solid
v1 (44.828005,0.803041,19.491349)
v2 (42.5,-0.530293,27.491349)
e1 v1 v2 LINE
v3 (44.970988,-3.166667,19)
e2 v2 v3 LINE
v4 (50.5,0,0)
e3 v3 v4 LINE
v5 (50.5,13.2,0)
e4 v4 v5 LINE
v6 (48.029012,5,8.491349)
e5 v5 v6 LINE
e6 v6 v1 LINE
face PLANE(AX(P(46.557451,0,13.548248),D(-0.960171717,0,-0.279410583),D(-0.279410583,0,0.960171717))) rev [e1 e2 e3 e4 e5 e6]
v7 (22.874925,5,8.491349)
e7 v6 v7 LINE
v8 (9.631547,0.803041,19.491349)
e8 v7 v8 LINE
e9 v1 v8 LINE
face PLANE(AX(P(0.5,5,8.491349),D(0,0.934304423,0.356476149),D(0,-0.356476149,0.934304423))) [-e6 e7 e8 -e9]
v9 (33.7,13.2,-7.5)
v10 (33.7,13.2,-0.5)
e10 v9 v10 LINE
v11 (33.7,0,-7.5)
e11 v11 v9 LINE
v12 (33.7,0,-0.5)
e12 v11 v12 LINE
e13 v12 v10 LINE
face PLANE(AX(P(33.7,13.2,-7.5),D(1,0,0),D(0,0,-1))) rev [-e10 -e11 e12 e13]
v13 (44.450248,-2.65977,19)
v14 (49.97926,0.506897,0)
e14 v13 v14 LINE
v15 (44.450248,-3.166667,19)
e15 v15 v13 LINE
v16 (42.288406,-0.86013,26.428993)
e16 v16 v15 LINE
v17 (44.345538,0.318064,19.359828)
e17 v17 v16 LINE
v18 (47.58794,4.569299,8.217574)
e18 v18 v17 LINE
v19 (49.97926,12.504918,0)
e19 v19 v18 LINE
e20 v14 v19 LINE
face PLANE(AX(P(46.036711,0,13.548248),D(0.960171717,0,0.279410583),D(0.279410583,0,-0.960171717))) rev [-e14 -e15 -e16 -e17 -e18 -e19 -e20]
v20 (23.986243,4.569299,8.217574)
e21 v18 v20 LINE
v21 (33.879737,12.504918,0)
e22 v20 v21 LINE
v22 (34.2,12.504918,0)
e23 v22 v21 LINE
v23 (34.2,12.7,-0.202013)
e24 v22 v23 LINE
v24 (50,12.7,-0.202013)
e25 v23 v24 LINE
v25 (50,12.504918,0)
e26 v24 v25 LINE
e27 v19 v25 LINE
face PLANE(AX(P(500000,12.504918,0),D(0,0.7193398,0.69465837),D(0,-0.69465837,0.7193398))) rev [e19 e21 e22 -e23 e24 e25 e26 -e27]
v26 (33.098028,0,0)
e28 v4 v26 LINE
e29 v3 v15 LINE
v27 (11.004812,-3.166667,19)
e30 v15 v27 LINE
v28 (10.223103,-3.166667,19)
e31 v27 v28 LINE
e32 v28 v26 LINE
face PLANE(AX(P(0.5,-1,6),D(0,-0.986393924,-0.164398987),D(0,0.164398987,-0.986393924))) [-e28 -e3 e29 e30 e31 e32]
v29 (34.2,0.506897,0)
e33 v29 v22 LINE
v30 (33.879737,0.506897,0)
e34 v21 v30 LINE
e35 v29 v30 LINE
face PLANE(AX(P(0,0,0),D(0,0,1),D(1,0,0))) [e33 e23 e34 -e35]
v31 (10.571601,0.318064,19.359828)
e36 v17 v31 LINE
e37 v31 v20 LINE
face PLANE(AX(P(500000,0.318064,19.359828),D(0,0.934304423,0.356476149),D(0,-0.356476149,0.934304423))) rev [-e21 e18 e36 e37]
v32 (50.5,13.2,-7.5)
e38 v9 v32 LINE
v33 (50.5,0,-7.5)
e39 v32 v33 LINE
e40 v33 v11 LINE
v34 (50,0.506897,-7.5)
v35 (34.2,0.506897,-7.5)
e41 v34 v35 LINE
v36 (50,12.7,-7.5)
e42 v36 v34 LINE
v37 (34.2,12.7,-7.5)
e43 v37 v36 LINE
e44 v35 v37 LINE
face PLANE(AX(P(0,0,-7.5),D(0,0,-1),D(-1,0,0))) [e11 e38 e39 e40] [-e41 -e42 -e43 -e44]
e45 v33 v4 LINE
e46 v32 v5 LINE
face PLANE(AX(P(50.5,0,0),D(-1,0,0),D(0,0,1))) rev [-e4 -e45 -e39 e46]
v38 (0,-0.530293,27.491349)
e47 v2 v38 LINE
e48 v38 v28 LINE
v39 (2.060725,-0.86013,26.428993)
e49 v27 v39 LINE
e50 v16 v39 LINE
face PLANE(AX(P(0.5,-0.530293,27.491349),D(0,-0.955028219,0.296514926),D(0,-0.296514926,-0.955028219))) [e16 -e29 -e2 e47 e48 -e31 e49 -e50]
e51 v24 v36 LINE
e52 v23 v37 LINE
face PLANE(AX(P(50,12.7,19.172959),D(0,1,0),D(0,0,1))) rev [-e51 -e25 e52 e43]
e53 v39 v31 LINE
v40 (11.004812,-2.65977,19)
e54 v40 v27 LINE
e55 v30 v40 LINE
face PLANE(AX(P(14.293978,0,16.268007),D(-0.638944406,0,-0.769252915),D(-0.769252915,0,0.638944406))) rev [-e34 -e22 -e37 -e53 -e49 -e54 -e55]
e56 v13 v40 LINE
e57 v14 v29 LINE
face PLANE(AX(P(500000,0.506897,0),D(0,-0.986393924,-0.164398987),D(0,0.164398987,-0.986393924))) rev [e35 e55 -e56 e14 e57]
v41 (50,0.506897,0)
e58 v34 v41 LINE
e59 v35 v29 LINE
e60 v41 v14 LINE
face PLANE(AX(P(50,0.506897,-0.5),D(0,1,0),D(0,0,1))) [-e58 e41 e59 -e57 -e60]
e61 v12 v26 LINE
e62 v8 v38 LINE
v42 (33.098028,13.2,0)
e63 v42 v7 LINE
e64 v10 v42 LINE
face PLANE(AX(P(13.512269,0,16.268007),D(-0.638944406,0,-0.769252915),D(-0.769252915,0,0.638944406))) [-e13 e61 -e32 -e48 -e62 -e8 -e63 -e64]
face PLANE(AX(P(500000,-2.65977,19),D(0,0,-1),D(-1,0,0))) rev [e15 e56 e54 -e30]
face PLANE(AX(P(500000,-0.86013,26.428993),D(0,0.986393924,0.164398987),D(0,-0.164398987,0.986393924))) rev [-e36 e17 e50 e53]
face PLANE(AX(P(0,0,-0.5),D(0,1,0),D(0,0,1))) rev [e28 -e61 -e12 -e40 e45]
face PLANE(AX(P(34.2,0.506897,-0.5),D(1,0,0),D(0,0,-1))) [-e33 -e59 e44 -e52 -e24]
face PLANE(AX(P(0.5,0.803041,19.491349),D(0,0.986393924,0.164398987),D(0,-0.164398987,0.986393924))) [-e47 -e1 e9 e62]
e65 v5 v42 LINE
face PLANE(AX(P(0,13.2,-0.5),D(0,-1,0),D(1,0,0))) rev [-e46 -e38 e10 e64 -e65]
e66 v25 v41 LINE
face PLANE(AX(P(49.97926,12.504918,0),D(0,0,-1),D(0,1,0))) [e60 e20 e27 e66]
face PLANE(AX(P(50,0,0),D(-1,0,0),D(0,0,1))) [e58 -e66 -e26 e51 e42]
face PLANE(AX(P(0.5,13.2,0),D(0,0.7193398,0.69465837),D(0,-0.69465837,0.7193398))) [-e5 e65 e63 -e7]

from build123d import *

# Parameters (mm, degrees)
SIDE_BASE_DEPTH                    = 0.5
SIDE_BASE_2_COUNT                  = 2
SIDE_BASE_2_PITCH                  = 50
FRONT_BACK_WALLS_REACH             = 60.566
BASE_SKETCH_W                      = 50.5
BASE_SKETCH_H                      = 13.2
BASE_SKETCH_W_2                    = 15.8
BASE_SKETCH_H_2                    = 11.998021326
BASE_DEPTH                         = 0.5
ATTACHMENT_BASE_SKETCH_W           = 16.8
ATTACHMENT_BASE_SKETCH_H           = 13.2
ATTACHMENT_BASE_SKETCH_W_2         = 15.8
ATTACHMENT_BASE_SKETCH_H_2         = 11.998021326
ATTACHMENT_BASE_DEPTH              = 7
PIPE_TOP_EXTRA_CUTAWAY_REACH       = 64.84
SKETCH11_W                         = 15.8
SKETCH11_H                         = 0.195081796
SKETCH1_W                          = 15.8
SKETCH1_H                          = 12.193103122
FAN_BASE_DEPTH                     = 0.1
LEFT_RIGHT_WALL_REMOVAL_DEPTH      = 59.566323483
LEFT_RIGHT_WALL_REMOVAL_DEPTH_BACK = 59.566323483
SKETCH6_W                          = 28.631700026
SKETCH6_H                          = 16.366666667
CUTAWAY_LEFT_DEPTH                 = 53.811785181
LEFT_WALL_DEPTH                    = 0.520740187
SKETCH9_W                          = 43.808738797
SKETCH9_H                          = 16.366666667
CUTAWAY_RIGHT_DEPTH                = 46.956653807
RIGHT_WALL_DEPTH                   = 0.781709206


with BuildPart() as part:
    # Side base sketch → Side base (new body)
    with BuildSketch(Plane.ZY):
        Polygon((0, 13.2), (8.491348573, 5), (19.491348573, 0.8030407), (27.491348573, -0.530292633), (19, -3.166666667), (6, -1), (0, 0), align=None)
    extrude(amount=-SIDE_BASE_DEPTH)


with BuildPart() as side_base_2_1:
    # Side base 2: pattern copy
    add(part.part.moved(Location(Vector(1, 0, 0) * (1 * SIDE_BASE_2_PITCH))))

    # Wall base sketch → Front back walls (add, up to next)
    with BuildSketch(Plane(origin=(0.5, 0, 0), x_dir=(0, 0, -1), z_dir=(1, 0, 0)), mode=Mode.PRIVATE) as front_back_walls_sk1:
        Polygon((0, 12.504918204), (-8.217574488, 4.569298766), (-19.359827502, 0.318064001), (-26.428993119, -0.860130268), (-27.491348573, -0.530292633), (-19.491348573, 0.8030407), (-8.491348573, 5), (0, 13.2), align=None)
    front_back_walls_tool1 = extrude(front_back_walls_sk1.sketch, amount=FRONT_BACK_WALLS_REACH, mode=Mode.PRIVATE) - side_base_2_1.part
    # Wall base sketch → Front back walls (add, up to next)
    with BuildSketch(Plane(origin=(0.5, 0, 0), x_dir=(0, 0, -1), z_dir=(1, 0, 0)), mode=Mode.PRIVATE) as front_back_walls_sk2:
        Polygon((0, 0.506896878), (-19, -2.659769789), (-19, -3.166666667), (0, 0), align=None)
    front_back_walls_tool2 = extrude(front_back_walls_sk2.sketch, amount=FRONT_BACK_WALLS_REACH, mode=Mode.PRIVATE) - side_base_2_1.part

    add(part.part)  # Front back walls merges part
    add(front_back_walls_tool1.solids().sort_by_distance((0.5, 8.759227, 4.323285))[0])
    add(front_back_walls_tool2.solids().sort_by_distance((0.5, -1.329885, 9.5))[0])

    # Base sketch → Base (add)
    with BuildSketch(Plane(origin=(0, 0, 0), x_dir=(-1, 0, 0), z_dir=(0, 0, -1))):
        with Locations((-25.25, 6.6)):
            Rectangle(BASE_SKETCH_W, BASE_SKETCH_H)
        with Locations((-42.1, 6.505907541)):
            Rectangle(BASE_SKETCH_W_2, BASE_SKETCH_H_2, mode=Mode.SUBTRACT)
    extrude(amount=BASE_DEPTH)

    # Attachment base sketch → Attachment base (add)
    with BuildSketch(Plane(origin=(0, 0, -0.5), x_dir=(-1, 0, 0), z_dir=(0, 0, -1))):
        with Locations((-42.1, 6.6)):
            Rectangle(ATTACHMENT_BASE_SKETCH_W, ATTACHMENT_BASE_SKETCH_H)
        with Locations((-42.1, 6.505907541)):
            Rectangle(ATTACHMENT_BASE_SKETCH_W_2, ATTACHMENT_BASE_SKETCH_H_2, mode=Mode.SUBTRACT)
    extrude(amount=ATTACHMENT_BASE_DEPTH)

    # Pipe top extra cutaway: up to this plane
    pipe_top_extra_cutaway_end = Plane(origin=(500000, 12.504918204, 0), z_dir=(0, 0.7193398003386524, 0.694658370458996))
    # Sketch11 → Pipe top extra cutaway (cut, up to the surface)
    with BuildSketch(Plane(origin=(0, 0, -7.5), x_dir=(-1, 0, 0), z_dir=(0, 0, -1)), mode=Mode.PRIVATE) as pipe_top_extra_cutaway_sk1:
        with Locations((-42.1, 12.602459102)):
            Rectangle(SKETCH11_W, SKETCH11_H)
    pipe_top_extra_cutaway_tool1 = split(extrude(pipe_top_extra_cutaway_sk1.sketch, amount=-PIPE_TOP_EXTRA_CUTAWAY_REACH, mode=Mode.PRIVATE), bisect_by=pipe_top_extra_cutaway_end, keep=Keep.BOTH, mode=Mode.PRIVATE)
    add(pipe_top_extra_cutaway_tool1.solids().sort_by_distance((42.1, 12.602459, -7.5))[0], mode=Mode.SUBTRACT)

    # Sketch4 → Left right wall removal (cut, two sides: drawn at the far end of the back side and taken through both)
    with BuildSketch(Plane(origin=(0.5, 0, 0), x_dir=(0, 0, -1), z_dir=(1, 0, 0)).offset(-LEFT_RIGHT_WALL_REMOVAL_DEPTH_BACK)):
        Polygon((-26.428993119, -0.860130268), (-19, -3.166666667), (-19, -2.659769789), (0, 0.506896878), (0, 12.504918204), (-8.217574488, 4.569298766), (-19.359827502, 0.318064001), align=None)
    extrude(amount=LEFT_RIGHT_WALL_REMOVAL_DEPTH + LEFT_RIGHT_WALL_REMOVAL_DEPTH_BACK, mode=Mode.SUBTRACT)

    # Sketch6 → Cutaway left (cut, through all)
    with BuildSketch(Plane(origin=(46.557451165, 0, 13.548248036), x_dir=(0.27941058312270783, 0, -0.9601717169543313), z_dir=(0.9601717169543312, 0, 0.2794105831227078))):
        with Locations((-0.205615565, 5.016666667)):
            Rectangle(SKETCH6_W, SKETCH6_H)
    extrude(amount=CUTAWAY_LEFT_DEPTH, mode=Mode.SUBTRACT)

    # Sketch7 → Left wall (add, along a direction that is not the sketch's normal)
    with BuildSketch(Plane(origin=(46.557451165, 0, 13.548248036), x_dir=(0.27941058312270806, 0, -0.9601717169543312), z_dir=(0.9601717169543312, 0, 0.27941058312270806))):
        Polygon((-5.67789268, -2.659769789), (-5.677892681, -3.166666667), (-13.415043221, -0.860130268), (-6.052645962, 0.318064001), (5.551791887, 4.569298766), (14.110234448, 12.504918204), (14.110234448, 0.506896878), align=None)
    extrude(amount=-LEFT_WALL_DEPTH, dir=(1, 0, 0))

    # Sketch9 → Cutaway right (cut, through all)
    with BuildSketch(Plane(origin=(13.512268511, 0, 16.268006796), x_dir=(0.7692529145051232, 0, -0.63894440566091), z_dir=(0.63894440566091, 0, 0.7692529145051232))):
        with Locations((4.338926024, 5.016666667)):
            Rectangle(SKETCH9_W, SKETCH9_H)
    extrude(amount=-CUTAWAY_RIGHT_DEPTH, mode=Mode.SUBTRACT)

    # Sketch10 → Right wall (add, along a direction that is not the sketch's normal)
    with BuildSketch(Plane(origin=(13.512268511, 0, 16.268006796), x_dir=(-0.7692529145051233, -2.5697854420108344e-15, 0.63894440566091), z_dir=(-0.6389444056609099, 0, -0.7692529145051232))):
        Polygon((-25.460754726, 12.504918204), (-25.460754725, 0.506896878), (4.275791728, -2.659769789), (4.275791728, -3.166666667), (15.902770622, -0.860130268), (4.838951055, 0.318064001), (-12.599581805, 4.569298766), align=None)
    extrude(amount=-RIGHT_WALL_DEPTH, dir=(-1, 0, 0))


with BuildPart() as body_2:
    # Sketch1 → Fan base (new body)
    with BuildSketch(Plane(origin=(0, 0, -7.5), x_dir=(-1, 0, 0), z_dir=(0, 0, -1))):
        with Locations((-42.1, 6.603448439)):
            Rectangle(SKETCH1_W, SKETCH1_H)
    extrude(amount=FAN_BASE_DEPTH)


solid = side_base_2_1.part
